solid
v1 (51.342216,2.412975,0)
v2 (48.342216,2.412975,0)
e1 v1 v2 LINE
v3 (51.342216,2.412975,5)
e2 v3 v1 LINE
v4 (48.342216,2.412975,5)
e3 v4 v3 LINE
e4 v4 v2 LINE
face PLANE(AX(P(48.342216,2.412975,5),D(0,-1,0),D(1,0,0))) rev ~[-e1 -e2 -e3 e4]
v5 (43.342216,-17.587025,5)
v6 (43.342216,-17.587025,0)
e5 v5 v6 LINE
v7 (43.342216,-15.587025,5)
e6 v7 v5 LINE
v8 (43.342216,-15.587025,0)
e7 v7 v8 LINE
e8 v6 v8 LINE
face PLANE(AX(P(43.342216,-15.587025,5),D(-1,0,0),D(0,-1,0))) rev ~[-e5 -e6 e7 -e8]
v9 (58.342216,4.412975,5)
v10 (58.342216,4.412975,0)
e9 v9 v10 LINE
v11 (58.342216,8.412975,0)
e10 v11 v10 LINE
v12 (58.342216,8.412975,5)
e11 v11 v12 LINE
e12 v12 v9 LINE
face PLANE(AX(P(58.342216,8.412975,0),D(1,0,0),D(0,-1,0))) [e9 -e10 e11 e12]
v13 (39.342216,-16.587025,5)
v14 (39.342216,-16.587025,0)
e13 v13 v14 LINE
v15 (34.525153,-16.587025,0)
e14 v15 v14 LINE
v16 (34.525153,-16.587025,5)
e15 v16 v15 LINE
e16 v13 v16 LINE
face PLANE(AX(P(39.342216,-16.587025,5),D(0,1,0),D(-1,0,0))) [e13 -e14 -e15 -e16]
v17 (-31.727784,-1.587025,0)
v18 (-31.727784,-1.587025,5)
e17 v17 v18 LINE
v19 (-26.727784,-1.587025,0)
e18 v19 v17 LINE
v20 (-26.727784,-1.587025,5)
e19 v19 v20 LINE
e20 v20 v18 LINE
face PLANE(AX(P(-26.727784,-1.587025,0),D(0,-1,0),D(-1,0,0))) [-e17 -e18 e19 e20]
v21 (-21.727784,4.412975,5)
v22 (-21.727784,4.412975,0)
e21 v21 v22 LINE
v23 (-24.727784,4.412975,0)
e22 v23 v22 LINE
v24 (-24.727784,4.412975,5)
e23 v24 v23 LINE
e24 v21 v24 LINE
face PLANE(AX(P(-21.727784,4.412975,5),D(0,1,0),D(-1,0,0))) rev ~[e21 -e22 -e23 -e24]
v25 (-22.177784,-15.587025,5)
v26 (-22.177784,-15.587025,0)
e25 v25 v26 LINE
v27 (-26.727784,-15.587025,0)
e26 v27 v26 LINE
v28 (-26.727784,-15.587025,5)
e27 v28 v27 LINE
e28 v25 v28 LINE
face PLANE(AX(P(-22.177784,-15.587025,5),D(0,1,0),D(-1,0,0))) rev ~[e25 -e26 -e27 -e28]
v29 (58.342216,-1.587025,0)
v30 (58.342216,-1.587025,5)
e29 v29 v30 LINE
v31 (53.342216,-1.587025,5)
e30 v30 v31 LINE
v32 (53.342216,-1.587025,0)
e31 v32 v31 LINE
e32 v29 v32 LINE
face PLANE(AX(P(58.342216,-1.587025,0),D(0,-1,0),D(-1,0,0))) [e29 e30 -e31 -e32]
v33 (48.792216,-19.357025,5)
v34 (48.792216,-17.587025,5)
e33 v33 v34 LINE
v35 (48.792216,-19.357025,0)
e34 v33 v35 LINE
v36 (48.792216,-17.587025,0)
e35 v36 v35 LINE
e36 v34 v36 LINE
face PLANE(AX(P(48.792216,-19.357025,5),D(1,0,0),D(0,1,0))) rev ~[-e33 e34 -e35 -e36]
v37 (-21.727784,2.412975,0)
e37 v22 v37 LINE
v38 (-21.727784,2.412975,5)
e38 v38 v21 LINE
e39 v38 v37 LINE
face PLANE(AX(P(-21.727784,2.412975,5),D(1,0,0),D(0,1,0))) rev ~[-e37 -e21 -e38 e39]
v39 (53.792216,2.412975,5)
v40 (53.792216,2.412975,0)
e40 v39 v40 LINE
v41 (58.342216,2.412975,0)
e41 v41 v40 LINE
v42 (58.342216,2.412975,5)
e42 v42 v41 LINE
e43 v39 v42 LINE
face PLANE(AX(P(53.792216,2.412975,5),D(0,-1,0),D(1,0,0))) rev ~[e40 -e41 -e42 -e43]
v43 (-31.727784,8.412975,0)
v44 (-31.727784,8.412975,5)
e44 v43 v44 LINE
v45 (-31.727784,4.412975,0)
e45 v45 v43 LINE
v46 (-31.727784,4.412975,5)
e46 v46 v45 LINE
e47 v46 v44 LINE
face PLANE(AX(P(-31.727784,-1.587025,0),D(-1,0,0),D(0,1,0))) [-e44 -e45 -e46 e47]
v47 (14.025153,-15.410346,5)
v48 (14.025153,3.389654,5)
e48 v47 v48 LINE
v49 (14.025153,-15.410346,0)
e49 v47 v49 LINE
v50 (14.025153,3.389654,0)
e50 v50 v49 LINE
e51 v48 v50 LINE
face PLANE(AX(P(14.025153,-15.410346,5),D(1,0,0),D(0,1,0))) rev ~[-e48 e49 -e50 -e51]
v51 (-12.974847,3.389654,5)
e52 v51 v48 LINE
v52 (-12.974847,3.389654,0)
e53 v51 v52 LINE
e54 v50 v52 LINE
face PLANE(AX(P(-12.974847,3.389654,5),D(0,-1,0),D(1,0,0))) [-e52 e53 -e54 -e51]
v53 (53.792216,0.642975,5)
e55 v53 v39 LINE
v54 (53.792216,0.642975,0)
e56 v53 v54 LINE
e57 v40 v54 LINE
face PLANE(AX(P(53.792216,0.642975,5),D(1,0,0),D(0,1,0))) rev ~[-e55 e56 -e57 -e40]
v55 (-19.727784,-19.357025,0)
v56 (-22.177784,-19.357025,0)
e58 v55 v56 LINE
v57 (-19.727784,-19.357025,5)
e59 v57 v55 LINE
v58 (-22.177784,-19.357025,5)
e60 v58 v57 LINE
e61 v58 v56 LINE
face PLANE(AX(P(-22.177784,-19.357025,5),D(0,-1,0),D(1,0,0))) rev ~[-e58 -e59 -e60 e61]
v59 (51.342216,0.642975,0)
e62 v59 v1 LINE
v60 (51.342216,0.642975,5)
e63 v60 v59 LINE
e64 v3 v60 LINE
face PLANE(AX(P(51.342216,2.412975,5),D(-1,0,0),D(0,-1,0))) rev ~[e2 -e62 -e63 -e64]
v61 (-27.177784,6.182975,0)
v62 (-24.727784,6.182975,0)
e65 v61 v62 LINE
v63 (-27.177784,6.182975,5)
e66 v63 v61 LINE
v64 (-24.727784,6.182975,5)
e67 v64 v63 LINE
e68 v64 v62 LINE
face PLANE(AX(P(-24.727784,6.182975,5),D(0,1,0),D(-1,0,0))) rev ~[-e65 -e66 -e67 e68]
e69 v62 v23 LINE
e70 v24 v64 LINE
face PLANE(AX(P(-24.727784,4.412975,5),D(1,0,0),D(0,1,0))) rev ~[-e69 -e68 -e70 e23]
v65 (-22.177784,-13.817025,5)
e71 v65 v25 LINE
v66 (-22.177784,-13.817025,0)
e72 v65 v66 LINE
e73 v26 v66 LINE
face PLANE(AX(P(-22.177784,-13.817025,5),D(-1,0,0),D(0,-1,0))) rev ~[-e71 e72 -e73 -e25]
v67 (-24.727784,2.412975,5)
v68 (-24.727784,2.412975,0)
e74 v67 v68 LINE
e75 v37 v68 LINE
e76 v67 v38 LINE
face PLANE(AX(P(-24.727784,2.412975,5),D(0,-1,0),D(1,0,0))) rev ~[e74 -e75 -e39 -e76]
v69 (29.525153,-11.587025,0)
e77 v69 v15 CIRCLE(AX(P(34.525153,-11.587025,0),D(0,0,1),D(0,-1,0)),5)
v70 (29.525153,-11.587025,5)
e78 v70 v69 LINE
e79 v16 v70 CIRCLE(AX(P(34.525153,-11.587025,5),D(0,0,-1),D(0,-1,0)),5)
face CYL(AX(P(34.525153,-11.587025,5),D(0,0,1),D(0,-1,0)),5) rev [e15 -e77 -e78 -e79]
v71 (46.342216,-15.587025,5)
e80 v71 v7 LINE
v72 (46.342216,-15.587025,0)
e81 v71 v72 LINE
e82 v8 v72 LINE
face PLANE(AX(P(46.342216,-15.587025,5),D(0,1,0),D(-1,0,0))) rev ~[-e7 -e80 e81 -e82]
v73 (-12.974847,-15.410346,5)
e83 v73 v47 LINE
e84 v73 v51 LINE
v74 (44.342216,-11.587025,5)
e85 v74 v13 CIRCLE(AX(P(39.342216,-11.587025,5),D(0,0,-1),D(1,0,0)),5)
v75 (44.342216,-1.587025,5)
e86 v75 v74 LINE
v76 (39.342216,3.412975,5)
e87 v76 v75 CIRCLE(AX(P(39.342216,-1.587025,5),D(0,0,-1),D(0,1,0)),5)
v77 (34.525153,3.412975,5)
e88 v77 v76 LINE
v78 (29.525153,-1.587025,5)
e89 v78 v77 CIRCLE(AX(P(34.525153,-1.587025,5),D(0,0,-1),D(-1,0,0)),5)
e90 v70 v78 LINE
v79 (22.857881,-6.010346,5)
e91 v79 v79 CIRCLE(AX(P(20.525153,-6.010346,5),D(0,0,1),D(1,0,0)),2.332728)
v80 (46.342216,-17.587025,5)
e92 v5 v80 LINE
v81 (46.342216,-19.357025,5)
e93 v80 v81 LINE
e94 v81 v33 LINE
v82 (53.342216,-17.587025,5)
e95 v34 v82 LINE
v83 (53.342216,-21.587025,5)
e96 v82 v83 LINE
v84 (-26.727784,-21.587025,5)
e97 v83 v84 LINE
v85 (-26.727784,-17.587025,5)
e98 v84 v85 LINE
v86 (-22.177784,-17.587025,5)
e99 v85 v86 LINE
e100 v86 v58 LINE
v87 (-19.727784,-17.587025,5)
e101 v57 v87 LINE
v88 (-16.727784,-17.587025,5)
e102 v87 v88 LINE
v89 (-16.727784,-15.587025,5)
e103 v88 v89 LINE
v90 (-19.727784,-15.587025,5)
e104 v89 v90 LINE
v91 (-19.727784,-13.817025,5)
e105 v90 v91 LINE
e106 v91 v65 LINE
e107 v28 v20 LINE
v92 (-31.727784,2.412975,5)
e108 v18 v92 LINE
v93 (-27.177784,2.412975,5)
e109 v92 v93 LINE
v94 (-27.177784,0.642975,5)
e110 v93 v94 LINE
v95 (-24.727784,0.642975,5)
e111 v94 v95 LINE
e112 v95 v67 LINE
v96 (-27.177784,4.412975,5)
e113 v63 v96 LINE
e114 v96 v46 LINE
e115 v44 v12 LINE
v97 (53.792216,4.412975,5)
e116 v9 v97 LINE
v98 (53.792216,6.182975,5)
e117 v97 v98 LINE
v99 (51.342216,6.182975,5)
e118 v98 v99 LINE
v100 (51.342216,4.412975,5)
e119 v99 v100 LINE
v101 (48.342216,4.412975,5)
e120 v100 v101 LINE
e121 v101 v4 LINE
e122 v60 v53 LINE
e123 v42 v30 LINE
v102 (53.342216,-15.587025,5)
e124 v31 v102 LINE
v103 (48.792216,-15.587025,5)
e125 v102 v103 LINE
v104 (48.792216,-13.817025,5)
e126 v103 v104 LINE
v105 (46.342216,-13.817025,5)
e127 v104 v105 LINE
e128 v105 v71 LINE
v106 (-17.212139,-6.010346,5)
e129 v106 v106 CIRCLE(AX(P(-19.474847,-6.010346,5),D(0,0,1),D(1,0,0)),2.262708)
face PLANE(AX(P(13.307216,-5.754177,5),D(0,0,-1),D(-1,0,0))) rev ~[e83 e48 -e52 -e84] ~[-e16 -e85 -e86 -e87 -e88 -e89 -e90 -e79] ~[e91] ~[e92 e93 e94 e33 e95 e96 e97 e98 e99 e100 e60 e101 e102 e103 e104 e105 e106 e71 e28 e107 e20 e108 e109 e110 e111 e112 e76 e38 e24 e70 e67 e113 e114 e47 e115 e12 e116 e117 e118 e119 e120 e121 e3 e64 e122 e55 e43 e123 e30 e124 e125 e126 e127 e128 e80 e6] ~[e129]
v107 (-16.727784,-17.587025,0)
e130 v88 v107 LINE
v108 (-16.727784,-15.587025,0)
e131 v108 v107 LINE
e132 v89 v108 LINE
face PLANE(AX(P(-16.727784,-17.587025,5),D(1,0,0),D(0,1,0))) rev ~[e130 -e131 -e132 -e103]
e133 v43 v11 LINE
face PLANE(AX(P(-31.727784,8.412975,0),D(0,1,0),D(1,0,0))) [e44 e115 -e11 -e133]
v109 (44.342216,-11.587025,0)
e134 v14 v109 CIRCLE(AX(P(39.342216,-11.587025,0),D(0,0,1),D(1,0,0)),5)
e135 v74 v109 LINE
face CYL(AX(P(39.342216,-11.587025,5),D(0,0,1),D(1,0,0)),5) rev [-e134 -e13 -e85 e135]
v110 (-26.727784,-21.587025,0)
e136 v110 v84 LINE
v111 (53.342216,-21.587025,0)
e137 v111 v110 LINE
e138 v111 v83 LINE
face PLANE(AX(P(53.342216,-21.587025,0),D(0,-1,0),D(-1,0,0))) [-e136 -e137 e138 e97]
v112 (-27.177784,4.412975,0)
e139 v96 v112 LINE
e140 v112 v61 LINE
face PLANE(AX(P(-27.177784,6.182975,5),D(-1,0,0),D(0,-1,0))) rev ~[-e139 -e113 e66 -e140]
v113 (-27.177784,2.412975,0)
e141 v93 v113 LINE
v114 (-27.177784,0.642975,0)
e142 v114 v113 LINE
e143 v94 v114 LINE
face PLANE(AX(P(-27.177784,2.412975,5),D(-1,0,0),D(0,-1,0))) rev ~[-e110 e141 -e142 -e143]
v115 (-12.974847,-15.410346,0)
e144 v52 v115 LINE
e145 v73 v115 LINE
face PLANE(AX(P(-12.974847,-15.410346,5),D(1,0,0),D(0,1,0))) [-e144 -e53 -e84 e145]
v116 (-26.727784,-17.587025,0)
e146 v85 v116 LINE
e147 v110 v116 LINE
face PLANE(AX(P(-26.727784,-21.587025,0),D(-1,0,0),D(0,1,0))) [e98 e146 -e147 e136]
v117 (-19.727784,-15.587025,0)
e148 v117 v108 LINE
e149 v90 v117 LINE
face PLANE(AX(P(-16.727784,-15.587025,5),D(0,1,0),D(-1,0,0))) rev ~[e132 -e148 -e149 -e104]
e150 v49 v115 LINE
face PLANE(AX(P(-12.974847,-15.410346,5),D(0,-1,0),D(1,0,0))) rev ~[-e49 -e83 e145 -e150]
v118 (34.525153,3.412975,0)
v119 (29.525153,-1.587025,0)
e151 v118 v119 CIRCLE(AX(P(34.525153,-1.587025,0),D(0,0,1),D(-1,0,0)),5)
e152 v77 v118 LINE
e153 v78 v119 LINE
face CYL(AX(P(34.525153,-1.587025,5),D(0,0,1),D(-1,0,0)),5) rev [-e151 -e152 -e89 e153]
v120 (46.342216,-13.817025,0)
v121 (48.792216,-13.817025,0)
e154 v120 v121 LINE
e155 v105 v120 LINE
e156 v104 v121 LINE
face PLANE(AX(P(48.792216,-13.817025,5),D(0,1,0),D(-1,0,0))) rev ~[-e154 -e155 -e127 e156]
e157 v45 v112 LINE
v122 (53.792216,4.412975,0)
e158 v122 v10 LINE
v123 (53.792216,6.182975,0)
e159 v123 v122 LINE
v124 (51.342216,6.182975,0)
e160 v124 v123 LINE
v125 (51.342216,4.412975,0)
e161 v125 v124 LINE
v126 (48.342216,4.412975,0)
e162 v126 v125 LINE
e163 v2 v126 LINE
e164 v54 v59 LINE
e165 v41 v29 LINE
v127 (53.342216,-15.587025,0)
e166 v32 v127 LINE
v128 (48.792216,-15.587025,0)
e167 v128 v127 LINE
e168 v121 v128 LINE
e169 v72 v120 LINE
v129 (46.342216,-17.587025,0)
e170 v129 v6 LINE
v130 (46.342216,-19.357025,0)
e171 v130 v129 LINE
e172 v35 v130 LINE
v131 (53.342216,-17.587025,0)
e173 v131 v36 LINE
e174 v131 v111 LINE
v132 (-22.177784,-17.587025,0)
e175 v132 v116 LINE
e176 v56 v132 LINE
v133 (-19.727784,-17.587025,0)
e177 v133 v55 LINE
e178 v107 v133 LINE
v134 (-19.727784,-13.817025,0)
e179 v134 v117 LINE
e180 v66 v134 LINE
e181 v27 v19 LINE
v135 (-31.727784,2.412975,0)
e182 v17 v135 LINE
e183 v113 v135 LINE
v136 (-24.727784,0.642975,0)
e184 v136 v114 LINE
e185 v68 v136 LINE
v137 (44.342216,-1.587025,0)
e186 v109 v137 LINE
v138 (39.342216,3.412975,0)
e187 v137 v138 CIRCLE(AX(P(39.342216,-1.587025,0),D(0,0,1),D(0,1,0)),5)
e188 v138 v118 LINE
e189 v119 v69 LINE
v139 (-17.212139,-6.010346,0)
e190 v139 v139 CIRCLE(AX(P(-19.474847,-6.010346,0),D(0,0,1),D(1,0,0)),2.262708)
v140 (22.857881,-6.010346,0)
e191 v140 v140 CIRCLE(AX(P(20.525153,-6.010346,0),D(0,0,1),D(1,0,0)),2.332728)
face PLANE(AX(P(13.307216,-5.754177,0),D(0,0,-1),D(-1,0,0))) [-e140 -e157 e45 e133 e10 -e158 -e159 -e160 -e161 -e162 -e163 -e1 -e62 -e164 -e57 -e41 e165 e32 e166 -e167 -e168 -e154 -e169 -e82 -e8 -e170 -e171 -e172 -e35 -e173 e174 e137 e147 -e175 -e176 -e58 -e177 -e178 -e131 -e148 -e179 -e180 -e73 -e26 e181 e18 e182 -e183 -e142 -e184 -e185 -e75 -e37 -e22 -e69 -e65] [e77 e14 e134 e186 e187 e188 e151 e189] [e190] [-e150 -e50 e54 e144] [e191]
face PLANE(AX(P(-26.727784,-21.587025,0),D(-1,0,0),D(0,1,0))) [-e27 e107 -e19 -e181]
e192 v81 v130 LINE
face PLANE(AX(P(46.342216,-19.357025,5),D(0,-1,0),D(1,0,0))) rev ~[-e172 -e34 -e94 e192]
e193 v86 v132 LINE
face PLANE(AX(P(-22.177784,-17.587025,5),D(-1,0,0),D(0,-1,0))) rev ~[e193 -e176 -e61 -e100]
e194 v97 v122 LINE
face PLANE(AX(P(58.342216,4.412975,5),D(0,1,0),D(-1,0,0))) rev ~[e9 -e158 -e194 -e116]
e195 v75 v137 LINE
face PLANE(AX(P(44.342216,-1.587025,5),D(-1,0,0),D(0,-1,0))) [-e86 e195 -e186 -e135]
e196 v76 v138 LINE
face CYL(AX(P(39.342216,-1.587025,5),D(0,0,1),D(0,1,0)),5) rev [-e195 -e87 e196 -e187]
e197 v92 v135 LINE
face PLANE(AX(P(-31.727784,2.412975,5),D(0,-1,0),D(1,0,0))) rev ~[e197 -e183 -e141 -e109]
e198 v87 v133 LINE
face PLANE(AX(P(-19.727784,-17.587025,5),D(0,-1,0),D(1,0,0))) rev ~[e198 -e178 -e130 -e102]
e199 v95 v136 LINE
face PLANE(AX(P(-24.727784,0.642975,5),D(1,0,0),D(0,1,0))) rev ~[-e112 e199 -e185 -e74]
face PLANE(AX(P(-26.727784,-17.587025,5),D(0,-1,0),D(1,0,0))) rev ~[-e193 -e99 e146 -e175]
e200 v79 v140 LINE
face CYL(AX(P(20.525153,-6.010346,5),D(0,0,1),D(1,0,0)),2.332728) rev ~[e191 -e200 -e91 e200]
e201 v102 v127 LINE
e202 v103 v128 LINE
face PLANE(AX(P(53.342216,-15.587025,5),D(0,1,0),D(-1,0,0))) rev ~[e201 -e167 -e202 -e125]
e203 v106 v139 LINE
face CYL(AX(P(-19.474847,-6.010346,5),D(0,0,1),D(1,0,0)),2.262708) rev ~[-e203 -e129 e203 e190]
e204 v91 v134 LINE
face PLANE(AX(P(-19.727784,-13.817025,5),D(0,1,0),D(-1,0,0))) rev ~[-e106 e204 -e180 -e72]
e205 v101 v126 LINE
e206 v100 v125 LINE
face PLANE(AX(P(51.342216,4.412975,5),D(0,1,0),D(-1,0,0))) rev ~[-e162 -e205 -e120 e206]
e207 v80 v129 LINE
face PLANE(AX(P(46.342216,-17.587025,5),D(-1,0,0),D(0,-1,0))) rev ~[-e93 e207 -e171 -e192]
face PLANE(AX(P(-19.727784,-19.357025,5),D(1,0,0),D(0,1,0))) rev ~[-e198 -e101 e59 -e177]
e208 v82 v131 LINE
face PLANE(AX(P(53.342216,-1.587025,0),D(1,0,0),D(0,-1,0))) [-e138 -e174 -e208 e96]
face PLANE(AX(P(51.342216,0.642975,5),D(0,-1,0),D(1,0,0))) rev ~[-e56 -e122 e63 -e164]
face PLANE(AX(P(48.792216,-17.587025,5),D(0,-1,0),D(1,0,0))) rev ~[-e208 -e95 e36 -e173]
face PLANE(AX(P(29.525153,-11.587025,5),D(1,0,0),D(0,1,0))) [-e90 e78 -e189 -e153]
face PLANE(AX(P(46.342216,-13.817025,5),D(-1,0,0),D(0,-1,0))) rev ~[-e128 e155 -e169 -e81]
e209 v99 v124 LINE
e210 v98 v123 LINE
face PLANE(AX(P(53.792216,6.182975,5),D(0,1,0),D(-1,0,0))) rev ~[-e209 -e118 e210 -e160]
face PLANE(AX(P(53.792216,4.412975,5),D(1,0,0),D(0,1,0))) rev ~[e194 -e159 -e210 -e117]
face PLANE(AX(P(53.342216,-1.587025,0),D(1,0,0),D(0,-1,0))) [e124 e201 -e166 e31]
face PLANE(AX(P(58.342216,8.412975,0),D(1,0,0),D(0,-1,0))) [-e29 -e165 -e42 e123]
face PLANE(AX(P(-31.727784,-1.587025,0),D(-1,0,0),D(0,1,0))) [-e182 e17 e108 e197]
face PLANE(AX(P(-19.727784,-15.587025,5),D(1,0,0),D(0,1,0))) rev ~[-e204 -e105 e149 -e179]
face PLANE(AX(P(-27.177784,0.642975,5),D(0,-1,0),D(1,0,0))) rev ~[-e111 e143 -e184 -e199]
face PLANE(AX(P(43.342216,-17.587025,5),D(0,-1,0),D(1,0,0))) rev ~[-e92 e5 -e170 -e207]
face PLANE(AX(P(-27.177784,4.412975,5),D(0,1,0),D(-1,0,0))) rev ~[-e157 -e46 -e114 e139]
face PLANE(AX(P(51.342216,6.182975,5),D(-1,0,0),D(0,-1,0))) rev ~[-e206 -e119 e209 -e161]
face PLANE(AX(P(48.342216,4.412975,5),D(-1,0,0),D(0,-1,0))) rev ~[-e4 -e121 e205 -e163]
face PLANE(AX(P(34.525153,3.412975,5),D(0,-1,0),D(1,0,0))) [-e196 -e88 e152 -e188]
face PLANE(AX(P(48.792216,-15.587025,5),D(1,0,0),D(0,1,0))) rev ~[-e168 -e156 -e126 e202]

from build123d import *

# Parameters (mm, degrees)
RESSALTO_EXTRUS_O1_DEPTH = 5
CORTE_EXTRUS_O1_DEPTH    = 6
ESBO_O3_R                = 2.262708027
ESBO_O3_R_2              = 2.332727501
ESBO_O3_W                = 27
ESBO_O3_H                = 18.8
CORTE_EXTRUS_O2_DEPTH    = 6


with BuildPart() as part:
    # Esboço1 → Ressalto-extrusão1 (new body)
    with BuildSketch(Plane.XY):
        Polygon((-26.727783806, -21.587024793), (-26.727783806, -1.587024793), (-31.727783806, -1.587024793), (-31.727783806, 8.412975207), (58.342216194, 8.412975207), (58.342216194, -1.587024793), (53.342216194, -1.587024793), (53.342216194, -21.587024793), align=None)
    extrude(amount=RESSALTO_EXTRUS_O1_DEPTH)

    # Esboço2 → Corte-extrusão1 (cut, through all)
    with BuildSketch(Plane.XY.offset(5)):
        Polygon((-31.727783806, 2.412975207), (-27.177783806, 2.412975207), (-27.177783806, 0.642975207), (-24.727783806, 0.642975207), (-24.727783806, 2.412975207), (-21.727783806, 2.412975207), (-21.727783806, 4.412975207), (-24.727783806, 4.412975207), (-24.727783806, 6.182975207), (-27.177783806, 6.182975207), (-27.177783806, 4.412975207), (-31.727783806, 4.412975207), align=None)
        Polygon((51.342216194, 4.412975207), (48.342216194, 4.412975207), (48.342216194, 2.412975207), (51.342216194, 2.412975207), (51.342216194, 0.642975207), (53.792216194, 0.642975207), (53.792216194, 2.412975207), (58.342216194, 2.412975207), (58.342216194, 4.412975207), (53.792216194, 4.412975207), (53.792216194, 6.182975207), (51.342216194, 6.182975207), align=None)
        Polygon((-26.727783806, -17.587024793), (-22.177783806, -17.587024793), (-22.177783806, -19.357024793), (-19.727783806, -19.357024793), (-19.727783806, -17.587024793), (-16.727783806, -17.587024793), (-16.727783806, -15.587024793), (-19.727783806, -15.587024793), (-19.727783806, -13.817024793), (-22.177783806, -13.817024793), (-22.177783806, -15.587024793), (-26.727783806, -15.587024793), align=None)
        Polygon((46.342216194, -15.587024793), (43.342216194, -15.587024793), (43.342216194, -17.587024793), (46.342216194, -17.587024793), (46.342216194, -19.357024793), (48.792216194, -19.357024793), (48.792216194, -17.587024793), (53.342216194, -17.587024793), (53.342216194, -15.587024793), (48.792216194, -15.587024793), (48.792216194, -13.817024793), (46.342216194, -13.817024793), align=None)
    extrude(amount=-CORTE_EXTRUS_O1_DEPTH, mode=Mode.SUBTRACT)

    # Esboço3 → Corte-extrusão2 (cut, through all)
    with BuildSketch(Plane.XY.offset(5)):
        with Locations((-19.474846983, -6.010345645)):
            Circle(ESBO_O3_R)
        with Locations((20.525153017, -6.010345645)):
            Circle(ESBO_O3_R_2)
        with Locations((0.525153017, -6.010345645)):
            Rectangle(ESBO_O3_W, ESBO_O3_H)
        with BuildLine():
            Line((34.525153017, 3.412975207), (39.342216194, 3.412975207))
            ThreePointArc((39.342216194, 3.412975207), (42.8777501, 1.948509113), (44.342216194, -1.587024793))
            Line((44.342216194, -1.587024793), (44.342216194, -11.587024793))
            ThreePointArc((44.342216194, -11.587024793), (42.8777501, -15.122558699), (39.342216194, -16.587024793))
            Line((39.342216194, -16.587024793), (34.525153017, -16.587024793))
            ThreePointArc((34.525153017, -16.587024793), (30.989619111, -15.122558699), (29.525153017, -11.587024793))
            Line((29.525153017, -11.587024793), (29.525153017, -1.587024793))
            ThreePointArc((29.525153017, -1.587024793), (30.989619111, 1.948509113), (34.525153017, 3.412975207))
        make_face()
    extrude(amount=-CORTE_EXTRUS_O2_DEPTH, mode=Mode.SUBTRACT)


solid = part.part
